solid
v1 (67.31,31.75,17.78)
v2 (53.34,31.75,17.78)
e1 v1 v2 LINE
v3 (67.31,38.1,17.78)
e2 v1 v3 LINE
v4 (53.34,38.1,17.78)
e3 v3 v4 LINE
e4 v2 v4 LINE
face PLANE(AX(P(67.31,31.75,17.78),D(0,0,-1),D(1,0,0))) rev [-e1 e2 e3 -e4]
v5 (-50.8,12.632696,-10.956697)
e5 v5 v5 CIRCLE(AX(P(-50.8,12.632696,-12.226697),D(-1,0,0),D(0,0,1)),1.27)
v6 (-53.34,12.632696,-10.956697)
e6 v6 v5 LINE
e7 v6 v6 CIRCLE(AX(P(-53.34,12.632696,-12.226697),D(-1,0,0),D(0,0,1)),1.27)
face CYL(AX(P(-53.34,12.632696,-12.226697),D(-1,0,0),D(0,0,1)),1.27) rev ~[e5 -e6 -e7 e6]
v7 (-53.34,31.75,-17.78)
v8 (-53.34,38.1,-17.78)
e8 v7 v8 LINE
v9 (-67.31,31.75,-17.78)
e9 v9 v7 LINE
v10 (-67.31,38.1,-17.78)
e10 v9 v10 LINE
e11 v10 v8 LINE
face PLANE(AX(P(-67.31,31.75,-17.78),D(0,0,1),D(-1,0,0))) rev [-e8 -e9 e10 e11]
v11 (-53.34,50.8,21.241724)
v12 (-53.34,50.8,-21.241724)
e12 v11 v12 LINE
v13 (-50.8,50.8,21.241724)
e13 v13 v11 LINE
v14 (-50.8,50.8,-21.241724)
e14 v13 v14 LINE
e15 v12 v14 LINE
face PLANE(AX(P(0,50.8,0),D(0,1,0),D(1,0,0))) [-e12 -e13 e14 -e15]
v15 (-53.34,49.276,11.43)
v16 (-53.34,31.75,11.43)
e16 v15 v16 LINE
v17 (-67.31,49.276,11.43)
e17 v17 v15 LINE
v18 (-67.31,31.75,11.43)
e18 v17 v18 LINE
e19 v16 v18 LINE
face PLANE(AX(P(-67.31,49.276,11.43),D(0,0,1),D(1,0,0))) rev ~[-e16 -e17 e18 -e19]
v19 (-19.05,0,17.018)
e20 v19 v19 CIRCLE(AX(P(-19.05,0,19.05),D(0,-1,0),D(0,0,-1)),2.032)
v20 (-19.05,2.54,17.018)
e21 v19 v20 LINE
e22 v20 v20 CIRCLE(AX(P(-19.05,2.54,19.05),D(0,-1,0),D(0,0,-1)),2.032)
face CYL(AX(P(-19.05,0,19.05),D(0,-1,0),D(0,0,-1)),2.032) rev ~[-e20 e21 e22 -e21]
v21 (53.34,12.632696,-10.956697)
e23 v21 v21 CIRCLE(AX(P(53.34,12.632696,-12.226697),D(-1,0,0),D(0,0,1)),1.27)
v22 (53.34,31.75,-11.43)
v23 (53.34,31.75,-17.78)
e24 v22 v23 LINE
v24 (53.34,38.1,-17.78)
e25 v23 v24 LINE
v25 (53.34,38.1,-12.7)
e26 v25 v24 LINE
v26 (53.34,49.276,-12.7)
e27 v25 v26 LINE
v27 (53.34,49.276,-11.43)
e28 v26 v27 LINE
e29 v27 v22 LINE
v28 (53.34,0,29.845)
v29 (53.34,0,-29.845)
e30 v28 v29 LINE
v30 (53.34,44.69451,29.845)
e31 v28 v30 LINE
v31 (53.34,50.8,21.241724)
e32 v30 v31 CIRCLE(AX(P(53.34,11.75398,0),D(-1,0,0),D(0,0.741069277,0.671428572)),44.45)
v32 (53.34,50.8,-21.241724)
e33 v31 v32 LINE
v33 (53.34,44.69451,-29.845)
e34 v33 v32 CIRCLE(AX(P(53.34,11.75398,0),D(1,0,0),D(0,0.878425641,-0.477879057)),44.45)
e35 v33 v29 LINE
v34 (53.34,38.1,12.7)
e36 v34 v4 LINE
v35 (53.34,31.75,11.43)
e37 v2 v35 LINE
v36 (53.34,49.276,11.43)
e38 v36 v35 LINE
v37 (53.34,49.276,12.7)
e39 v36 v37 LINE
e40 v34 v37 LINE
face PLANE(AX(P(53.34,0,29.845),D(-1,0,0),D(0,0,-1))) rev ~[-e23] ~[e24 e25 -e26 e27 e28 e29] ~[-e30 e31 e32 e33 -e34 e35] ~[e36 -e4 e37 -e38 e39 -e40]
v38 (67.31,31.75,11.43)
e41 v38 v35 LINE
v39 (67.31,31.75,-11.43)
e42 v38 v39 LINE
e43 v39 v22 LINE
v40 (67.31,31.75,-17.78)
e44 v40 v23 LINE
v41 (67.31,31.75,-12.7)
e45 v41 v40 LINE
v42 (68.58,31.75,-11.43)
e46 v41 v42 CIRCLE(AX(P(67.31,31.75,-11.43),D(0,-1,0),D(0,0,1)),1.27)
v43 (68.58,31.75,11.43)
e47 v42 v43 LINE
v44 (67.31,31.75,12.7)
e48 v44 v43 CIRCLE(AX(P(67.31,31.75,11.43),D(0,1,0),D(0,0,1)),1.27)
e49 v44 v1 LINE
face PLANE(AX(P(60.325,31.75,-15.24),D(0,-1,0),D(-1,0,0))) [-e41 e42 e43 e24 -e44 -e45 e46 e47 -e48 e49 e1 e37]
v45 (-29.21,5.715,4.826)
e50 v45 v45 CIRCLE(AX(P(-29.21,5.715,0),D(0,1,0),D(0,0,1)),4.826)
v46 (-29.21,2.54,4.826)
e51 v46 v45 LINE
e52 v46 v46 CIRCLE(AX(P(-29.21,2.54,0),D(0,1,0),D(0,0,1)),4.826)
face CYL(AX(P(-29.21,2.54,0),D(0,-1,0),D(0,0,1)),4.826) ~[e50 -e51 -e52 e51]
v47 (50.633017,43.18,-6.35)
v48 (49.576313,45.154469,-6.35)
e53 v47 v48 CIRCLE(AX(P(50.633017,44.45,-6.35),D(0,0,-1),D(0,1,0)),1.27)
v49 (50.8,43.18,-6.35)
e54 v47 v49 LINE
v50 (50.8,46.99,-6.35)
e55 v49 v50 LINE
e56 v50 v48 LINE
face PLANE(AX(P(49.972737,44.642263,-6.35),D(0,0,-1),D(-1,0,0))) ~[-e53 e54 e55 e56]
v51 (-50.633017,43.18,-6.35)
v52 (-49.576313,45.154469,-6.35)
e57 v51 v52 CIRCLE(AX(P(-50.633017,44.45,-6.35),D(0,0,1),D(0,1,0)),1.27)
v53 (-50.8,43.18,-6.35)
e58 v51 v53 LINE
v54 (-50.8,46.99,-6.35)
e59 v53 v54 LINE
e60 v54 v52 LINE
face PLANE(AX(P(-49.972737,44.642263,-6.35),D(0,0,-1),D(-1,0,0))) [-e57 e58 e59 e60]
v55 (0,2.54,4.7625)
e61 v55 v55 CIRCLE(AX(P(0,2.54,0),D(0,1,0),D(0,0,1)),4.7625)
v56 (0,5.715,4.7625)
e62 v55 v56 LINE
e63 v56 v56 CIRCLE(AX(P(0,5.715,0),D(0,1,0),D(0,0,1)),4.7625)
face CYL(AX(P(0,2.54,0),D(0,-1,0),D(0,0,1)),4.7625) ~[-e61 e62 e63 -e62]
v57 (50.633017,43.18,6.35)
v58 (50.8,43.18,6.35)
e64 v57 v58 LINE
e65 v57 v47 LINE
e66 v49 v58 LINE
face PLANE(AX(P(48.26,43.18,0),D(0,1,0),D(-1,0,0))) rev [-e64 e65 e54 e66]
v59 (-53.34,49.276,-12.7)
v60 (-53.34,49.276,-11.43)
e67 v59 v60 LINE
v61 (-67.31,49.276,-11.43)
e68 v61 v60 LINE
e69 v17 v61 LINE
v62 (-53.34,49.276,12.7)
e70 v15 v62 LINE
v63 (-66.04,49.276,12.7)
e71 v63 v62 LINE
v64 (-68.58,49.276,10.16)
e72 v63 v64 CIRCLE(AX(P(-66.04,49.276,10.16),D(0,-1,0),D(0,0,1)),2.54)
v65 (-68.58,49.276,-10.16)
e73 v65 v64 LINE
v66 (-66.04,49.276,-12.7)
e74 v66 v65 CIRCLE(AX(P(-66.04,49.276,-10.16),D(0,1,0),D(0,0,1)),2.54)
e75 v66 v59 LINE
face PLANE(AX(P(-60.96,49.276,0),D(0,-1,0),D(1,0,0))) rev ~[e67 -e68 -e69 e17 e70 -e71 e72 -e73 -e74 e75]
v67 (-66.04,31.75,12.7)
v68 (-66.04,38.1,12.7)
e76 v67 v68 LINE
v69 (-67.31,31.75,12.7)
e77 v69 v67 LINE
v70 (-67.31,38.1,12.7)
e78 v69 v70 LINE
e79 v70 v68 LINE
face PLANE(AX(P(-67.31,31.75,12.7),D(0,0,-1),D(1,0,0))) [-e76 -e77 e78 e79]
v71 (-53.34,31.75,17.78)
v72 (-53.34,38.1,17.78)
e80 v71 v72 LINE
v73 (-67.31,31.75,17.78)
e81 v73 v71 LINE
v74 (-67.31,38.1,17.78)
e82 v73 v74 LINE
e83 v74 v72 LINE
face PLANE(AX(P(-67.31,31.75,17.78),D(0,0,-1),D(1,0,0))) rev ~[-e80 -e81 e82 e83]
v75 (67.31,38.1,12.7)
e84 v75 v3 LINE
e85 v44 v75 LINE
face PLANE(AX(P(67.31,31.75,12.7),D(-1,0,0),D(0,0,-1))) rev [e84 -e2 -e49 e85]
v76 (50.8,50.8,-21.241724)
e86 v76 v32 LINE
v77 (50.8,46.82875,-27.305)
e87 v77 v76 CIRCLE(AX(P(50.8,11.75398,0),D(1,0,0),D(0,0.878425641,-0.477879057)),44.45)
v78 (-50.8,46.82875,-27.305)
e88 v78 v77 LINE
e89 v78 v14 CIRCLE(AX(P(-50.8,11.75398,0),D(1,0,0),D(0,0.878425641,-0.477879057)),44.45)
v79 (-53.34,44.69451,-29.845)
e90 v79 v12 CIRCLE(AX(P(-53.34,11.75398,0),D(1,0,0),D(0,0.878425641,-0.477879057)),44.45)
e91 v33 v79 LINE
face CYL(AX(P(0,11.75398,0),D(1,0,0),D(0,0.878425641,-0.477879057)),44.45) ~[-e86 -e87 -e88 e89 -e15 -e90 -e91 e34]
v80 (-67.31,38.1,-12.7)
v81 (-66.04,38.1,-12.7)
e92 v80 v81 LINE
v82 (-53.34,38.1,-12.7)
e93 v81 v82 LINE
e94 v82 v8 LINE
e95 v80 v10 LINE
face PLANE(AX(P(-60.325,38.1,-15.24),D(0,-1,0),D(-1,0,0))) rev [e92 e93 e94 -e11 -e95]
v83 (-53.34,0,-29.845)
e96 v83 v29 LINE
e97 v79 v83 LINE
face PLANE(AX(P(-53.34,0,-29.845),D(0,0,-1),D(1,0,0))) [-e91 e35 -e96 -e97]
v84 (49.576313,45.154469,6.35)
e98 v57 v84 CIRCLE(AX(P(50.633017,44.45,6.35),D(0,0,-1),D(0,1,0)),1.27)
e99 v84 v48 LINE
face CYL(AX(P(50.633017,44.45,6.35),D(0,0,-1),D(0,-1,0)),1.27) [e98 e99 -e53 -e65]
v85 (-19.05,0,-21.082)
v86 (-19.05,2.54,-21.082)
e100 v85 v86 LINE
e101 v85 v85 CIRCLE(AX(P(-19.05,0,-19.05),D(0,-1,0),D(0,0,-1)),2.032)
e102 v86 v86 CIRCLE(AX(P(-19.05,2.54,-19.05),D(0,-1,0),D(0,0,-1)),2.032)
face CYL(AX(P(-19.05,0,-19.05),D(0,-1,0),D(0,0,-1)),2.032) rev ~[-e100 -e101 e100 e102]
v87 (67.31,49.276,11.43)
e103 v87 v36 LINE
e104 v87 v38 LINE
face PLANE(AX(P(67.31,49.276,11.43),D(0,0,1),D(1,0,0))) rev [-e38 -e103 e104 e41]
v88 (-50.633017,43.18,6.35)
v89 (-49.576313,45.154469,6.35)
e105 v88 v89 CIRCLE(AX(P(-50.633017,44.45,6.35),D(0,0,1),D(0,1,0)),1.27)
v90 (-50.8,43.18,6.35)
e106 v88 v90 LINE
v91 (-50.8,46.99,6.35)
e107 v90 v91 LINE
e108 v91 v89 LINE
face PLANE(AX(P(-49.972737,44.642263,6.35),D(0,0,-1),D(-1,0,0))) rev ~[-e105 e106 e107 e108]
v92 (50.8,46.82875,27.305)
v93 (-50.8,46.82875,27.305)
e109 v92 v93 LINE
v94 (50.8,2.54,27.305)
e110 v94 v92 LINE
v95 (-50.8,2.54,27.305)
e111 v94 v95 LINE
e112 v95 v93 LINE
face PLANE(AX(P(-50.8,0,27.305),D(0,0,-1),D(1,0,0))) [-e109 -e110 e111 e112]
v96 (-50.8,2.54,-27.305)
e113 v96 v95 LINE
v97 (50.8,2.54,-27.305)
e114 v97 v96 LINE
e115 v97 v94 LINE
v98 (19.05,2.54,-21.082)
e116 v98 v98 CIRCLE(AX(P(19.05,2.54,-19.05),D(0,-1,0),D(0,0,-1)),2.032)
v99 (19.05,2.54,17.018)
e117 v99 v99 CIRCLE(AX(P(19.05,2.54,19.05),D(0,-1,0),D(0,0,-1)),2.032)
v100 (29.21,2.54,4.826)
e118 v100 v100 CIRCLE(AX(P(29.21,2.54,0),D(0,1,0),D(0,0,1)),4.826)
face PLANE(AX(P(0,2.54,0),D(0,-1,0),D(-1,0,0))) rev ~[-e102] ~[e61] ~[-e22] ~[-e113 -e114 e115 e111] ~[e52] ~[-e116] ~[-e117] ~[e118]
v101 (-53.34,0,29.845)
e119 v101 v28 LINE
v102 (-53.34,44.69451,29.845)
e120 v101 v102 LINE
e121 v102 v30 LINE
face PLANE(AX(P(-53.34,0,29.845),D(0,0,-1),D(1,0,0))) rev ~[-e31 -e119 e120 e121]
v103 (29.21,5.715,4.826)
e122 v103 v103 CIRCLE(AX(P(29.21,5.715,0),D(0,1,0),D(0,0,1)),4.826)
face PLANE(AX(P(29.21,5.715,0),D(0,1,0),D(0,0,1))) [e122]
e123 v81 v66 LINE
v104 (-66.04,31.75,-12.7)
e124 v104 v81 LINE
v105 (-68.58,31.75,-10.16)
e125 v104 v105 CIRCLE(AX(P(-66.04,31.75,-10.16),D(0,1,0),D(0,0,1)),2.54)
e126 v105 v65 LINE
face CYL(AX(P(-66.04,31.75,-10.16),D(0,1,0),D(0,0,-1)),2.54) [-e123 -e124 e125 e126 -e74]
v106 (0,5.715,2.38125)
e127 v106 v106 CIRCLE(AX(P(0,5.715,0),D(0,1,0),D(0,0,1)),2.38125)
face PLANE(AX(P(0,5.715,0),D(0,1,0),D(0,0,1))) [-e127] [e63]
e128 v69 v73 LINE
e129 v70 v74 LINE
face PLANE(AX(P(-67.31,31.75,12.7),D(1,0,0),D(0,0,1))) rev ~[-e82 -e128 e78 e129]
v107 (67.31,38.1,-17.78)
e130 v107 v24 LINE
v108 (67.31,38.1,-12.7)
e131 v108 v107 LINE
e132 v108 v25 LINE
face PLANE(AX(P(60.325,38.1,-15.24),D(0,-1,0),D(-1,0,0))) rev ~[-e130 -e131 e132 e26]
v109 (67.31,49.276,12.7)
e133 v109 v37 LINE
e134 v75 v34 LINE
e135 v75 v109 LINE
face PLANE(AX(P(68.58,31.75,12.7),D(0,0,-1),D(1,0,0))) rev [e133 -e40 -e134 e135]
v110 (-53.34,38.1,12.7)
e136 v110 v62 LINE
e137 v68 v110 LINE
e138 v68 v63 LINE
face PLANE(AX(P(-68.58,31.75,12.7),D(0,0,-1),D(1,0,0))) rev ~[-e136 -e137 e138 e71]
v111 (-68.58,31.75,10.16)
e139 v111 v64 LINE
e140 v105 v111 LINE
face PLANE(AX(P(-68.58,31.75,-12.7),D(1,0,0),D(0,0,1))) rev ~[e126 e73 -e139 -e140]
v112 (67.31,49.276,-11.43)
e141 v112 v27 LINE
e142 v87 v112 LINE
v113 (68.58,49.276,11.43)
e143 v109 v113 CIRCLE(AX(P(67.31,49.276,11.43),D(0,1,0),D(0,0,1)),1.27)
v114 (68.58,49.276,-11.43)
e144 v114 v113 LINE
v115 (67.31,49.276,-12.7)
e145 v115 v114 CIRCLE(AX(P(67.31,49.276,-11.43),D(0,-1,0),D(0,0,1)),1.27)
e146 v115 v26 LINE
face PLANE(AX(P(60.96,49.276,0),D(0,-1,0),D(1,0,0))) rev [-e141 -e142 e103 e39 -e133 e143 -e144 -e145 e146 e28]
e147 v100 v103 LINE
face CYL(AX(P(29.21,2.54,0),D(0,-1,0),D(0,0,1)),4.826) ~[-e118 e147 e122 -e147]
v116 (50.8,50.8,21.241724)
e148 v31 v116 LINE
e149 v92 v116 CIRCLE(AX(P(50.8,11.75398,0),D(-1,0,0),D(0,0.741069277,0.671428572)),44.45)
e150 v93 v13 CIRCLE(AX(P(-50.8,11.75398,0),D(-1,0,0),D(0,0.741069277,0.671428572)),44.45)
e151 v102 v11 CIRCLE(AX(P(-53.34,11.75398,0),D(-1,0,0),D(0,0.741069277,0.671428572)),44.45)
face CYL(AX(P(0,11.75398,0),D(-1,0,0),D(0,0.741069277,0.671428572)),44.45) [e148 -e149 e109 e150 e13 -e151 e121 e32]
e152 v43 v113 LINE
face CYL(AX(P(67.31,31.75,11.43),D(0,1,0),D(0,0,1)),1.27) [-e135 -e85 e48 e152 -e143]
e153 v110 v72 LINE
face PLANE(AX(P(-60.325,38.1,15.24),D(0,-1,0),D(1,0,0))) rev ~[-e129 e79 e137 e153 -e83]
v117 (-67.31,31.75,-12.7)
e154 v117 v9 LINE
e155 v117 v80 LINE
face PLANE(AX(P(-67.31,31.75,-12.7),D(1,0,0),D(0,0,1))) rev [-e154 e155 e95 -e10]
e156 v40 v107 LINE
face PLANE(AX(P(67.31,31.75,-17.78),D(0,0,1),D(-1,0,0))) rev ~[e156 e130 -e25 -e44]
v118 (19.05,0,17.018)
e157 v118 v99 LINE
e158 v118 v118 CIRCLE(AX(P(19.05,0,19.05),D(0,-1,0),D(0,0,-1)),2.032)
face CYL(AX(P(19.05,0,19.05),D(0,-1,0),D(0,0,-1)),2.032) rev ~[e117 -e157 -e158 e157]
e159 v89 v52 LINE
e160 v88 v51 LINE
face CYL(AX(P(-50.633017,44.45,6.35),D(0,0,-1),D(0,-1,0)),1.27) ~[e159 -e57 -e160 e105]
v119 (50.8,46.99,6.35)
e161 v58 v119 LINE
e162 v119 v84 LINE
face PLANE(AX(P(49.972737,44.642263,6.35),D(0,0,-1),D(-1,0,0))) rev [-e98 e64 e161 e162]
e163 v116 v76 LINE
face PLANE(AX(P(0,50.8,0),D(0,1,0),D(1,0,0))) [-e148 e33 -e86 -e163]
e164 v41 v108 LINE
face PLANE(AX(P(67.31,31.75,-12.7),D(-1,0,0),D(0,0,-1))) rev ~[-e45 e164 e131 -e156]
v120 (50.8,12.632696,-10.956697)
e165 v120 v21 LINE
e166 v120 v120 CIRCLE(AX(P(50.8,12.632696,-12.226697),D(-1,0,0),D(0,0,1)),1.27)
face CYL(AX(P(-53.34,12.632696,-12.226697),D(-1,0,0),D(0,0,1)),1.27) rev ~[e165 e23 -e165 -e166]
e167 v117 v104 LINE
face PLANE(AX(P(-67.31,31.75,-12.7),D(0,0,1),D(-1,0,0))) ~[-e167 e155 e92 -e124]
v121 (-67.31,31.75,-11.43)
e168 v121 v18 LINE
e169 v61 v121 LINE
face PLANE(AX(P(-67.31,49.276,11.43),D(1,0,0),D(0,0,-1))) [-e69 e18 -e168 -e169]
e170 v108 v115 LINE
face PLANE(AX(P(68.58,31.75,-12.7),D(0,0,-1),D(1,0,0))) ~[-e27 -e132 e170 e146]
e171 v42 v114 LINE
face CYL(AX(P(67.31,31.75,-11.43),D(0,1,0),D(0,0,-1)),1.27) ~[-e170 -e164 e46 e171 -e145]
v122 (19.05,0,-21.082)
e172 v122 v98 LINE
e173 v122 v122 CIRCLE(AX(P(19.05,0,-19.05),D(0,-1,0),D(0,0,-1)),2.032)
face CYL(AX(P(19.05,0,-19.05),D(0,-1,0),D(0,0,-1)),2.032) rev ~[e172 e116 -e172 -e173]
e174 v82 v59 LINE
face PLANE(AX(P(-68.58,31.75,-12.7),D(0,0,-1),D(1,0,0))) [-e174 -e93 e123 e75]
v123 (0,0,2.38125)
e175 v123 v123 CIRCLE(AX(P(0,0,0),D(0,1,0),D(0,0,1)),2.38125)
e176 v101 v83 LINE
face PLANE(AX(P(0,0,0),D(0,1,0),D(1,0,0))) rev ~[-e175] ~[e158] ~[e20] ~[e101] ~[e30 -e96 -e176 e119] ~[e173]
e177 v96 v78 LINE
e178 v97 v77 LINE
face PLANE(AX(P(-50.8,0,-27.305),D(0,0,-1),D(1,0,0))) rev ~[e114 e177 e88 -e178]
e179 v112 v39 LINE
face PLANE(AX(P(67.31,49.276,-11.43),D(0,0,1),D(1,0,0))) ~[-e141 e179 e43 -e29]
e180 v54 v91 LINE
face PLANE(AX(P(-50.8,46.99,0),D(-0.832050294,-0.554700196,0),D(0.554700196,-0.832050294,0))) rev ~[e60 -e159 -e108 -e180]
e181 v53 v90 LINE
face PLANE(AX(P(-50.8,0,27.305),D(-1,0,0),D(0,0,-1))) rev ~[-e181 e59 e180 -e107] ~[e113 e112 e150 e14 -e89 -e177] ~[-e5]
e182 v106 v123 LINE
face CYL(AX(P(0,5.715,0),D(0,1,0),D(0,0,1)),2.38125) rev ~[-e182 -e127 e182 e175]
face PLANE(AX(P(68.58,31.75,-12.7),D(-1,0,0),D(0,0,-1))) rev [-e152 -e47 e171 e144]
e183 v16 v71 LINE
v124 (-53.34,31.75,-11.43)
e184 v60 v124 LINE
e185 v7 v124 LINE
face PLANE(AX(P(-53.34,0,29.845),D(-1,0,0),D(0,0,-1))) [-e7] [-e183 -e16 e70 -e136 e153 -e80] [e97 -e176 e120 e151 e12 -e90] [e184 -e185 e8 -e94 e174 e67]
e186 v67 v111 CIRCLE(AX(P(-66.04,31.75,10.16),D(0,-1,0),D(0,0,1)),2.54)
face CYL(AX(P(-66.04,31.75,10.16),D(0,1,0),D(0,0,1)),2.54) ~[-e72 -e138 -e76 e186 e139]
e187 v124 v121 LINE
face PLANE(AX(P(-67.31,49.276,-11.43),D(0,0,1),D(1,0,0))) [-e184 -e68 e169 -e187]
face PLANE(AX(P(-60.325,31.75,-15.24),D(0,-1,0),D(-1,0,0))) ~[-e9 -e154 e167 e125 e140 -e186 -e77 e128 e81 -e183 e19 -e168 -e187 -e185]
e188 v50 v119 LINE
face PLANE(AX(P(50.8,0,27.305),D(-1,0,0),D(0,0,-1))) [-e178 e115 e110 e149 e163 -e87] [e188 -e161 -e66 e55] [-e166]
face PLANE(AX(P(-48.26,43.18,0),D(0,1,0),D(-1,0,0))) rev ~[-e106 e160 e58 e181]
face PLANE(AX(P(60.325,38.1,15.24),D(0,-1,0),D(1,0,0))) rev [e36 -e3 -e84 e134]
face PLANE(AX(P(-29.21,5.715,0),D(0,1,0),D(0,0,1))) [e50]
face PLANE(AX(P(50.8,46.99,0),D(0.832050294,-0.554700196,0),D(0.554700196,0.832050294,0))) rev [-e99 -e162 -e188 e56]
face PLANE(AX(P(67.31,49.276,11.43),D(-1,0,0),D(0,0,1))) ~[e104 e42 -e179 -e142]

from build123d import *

# Parameters (mm, degrees)
SKETCH1_W               = 106.68
SKETCH1_H               = 59.69
SKETCH1_W_2             = 101.6
SKETCH1_H_2             = 54.61
BOSS_EXTRUDE1_DEPTH     = 50.8
SKETCH2_W               = 106.68
SKETCH2_H               = 59.69
BOSS_EXTRUDE2_DEPTH     = 2.54
SKETCH3_R               = 2.032
CUT_EXTRUDE1_DEPTH      = 2.54
BOSS_EXTRUDE3_START     = -31.75
SKETCH5_W               = 15.24
SKETCH5_H               = 25.4
BOSS_EXTRUDE3_DEPTH     = 17.526
SKETCH6_W               = 13.97
SKETCH6_H               = 22.86
CUT_EXTRUDE2_DEPTH      = 23.114
SKETCH8_R               = 1.27
CUT_EXTRUDE3_DEPTH      = 122.833947508
FILLET3_R               = 2.54
SKETCH9_R               = 4.7625
BOSS_EXTRUDE4_DEPTH     = 3.175
SKETCH11_R              = 2.38125
CUT_EXTRUDE4_DEPTH      = 88.330393621
BOSS_EXTRUDE5_DEPTH     = 6.35
FILLET4_R               = 1.27
FILLET4_OF_MIRROR2_R    = 1.27
FILLET6_R               = 1.27
SKETCH14_W              = 13.97
SKETCH14_H              = 5.08
BOSS_EXTRUDE6_DEPTH     = 6.35
MIRROR6_COPY_1_SKETCH_W = 13.97
MIRROR6_COPY_1_SKETCH_H = 5.08
MIRROR6_COPY_1_DEPTH    = 6.35
CUT_EXTRUDE5_DEPTH      = 127
SKETCH15_R              = 4.826
BOSS_EXTRUDE7_DEPTH     = 3.175


with BuildPart() as part:
    # Sketch1 → Boss-Extrude1 (new body)
    with BuildSketch(Plane(origin=(0, 0, 0), x_dir=(1, 0, 0), z_dir=(0, 1, 0))):
        Rectangle(SKETCH1_W, SKETCH1_H)
        Rectangle(SKETCH1_W_2, SKETCH1_H_2, mode=Mode.SUBTRACT)
    extrude(amount=BOSS_EXTRUDE1_DEPTH)

    # Sketch2 → Boss-Extrude2 (add)
    with BuildSketch(Plane(origin=(0, 0, 0), x_dir=(-1, 0, 0), z_dir=(0, -1, 0))):
        Rectangle(SKETCH2_W, SKETCH2_H)
    extrude(amount=-BOSS_EXTRUDE2_DEPTH)

    # Sketch3 → Cut-Extrude1 (cut)
    with BuildSketch(Plane.XZ):
        with Locations(Location((-19.05, 19.05, 0), (0, 0, 270))):
            Circle(SKETCH3_R)
        with Locations(Location((19.05, 19.05, 0), (0, 0, 270))):
            Circle(SKETCH3_R)
        with Locations(Location((19.05, -19.05, 0), (0, 0, 270))):
            Circle(SKETCH3_R)
        with Locations(Location((-19.05, -19.05, 0), (0, 0, 270))):
            Circle(SKETCH3_R)
    extrude(amount=-CUT_EXTRUDE1_DEPTH, mode=Mode.SUBTRACT)

    # Sketch5 → Boss-Extrude3 (add)
    with BuildSketch(Plane.XZ.offset(BOSS_EXTRUDE3_START)):
        with Locations((-60.96, 0)):
            Rectangle(SKETCH5_W, SKETCH5_H)
    boss_extrude3 = extrude(amount=-BOSS_EXTRUDE3_DEPTH)

    # Sketch6 → Cut-Extrude2 (cut)
    with BuildSketch(Plane(origin=(0, 49.276, 0), x_dir=(1, 0, 0), z_dir=(0, 1, 0))):
        with Locations((-60.325, 0)):
            Rectangle(SKETCH6_W, SKETCH6_H)
    cut_extrude2 = extrude(amount=-CUT_EXTRUDE2_DEPTH, mode=Mode.SUBTRACT)

    # Sketch8 → Cut-Extrude3 (cut)
    with BuildSketch(Plane(origin=(-53.34, -47.057304482, -0.79669661), x_dir=(0, 0, 1), z_dir=(-1, 0, 0))):
        with Locations((-11.43, 59.69)):
            Circle(SKETCH8_R)
    extrude(amount=-CUT_EXTRUDE3_DEPTH, mode=Mode.SUBTRACT)

    # Fillet3
    fillet3_edges = [part.edges().sort_by_distance(p)[0] for p in [
        (-68.58, 40.513, -12.7),
        (-68.58, 40.513, 12.7),
    ]]
    fillet(fillet3_edges, radius=FILLET3_R)

    # Sketch9 → Boss-Extrude4 (add)
    with BuildSketch(Plane(origin=(0, 2.54, 0), x_dir=(1, 0, 0), z_dir=(0, 1, 0))):
        with Locations(Location((0, 0, 0), (0, 0, 270))):
            Circle(SKETCH9_R)
    extrude(amount=BOSS_EXTRUDE4_DEPTH)

    # Sketch11 → Cut-Extrude4 (cut, through all)
    with BuildSketch(Plane(origin=(0, 5.715, 0), x_dir=(1, 0, 0), z_dir=(0, 1, 0))):
        with Locations(Location((0, 0, 0), (0, 0, 270))):
            Circle(SKETCH11_R)
    extrude(amount=-CUT_EXTRUDE4_DEPTH, mode=Mode.SUBTRACT)

    # Sketch13 → Boss-Extrude5 (add, symmetric)
    with BuildSketch(Plane.XY):
        Polygon((-50.8, 46.99), (-48.26, 43.18), (-50.8, 43.18), align=None)
    boss_extrude5 = extrude(amount=BOSS_EXTRUDE5_DEPTH, both=True)

    # Fillet4
    fillet4_edges = [part.edges().sort_by_distance(p)[0] for p in [
        (-48.26, 43.18, 0),
    ]]
    fillet(fillet4_edges, radius=FILLET4_R)

    # Mirror2: Boss-Extrude5 across plane
    add(boss_extrude5.mirror(Plane(origin=(0, 0, 0), x_dir=(0, 0, 1), z_dir=(1, 0, 0))))

    # Fillet4 of Mirror2
    fillet4_of_mirror2_edges = [part.edges().sort_by_distance(p)[0] for p in [
        (48.26, 43.18, 0),
    ]]
    fillet(fillet4_of_mirror2_edges, radius=FILLET4_OF_MIRROR2_R)

    # Mirror4: Boss-Extrude3, Cut-Extrude2 across plane
    add(boss_extrude3.mirror(Plane(origin=(0, 0, 0), x_dir=(0, 0, 1), z_dir=(1, 0, 0))))
    add(cut_extrude2.mirror(Plane(origin=(0, 0, 0), x_dir=(0, 0, 1), z_dir=(1, 0, 0))), mode=Mode.SUBTRACT)

    # Fillet6
    fillet6_edges = [part.edges().sort_by_distance(p)[0] for p in [
        (68.58, 40.513, 12.7),
        (68.58, 40.513, -12.7),
    ]]
    fillet(fillet6_edges, radius=FILLET6_R)

    # Sketch14 → Boss-Extrude6 (add)
    with BuildSketch(Plane.XZ.offset(-31.75)):
        with Locations((-60.325, 15.24)):
            Rectangle(SKETCH14_W, SKETCH14_H)
    boss_extrude6 = extrude(amount=-BOSS_EXTRUDE6_DEPTH)

    # Mirror5: Boss-Extrude6 across plane
    add(boss_extrude6.mirror(Plane.XY))

    # Mirror6: Boss-Extrude6 across plane
    add(boss_extrude6.mirror(Plane(origin=(0, 0, 0), x_dir=(0, 0, 1), z_dir=(1, 0, 0))))

    # Mirror6 copy 1 sketch → Mirror6 copy 1 (add)
    with BuildSketch(Plane(origin=(0, 31.75, 0), x_dir=(-1, 0, 0), z_dir=(0, -1, 0))):
        with Locations((-60.325, 15.24)):
            Rectangle(MIRROR6_COPY_1_SKETCH_W, MIRROR6_COPY_1_SKETCH_H)
    extrude(amount=-MIRROR6_COPY_1_DEPTH)

    # Sketch12 → Cut-Extrude5 (cut, symmetric)
    with BuildSketch(Plane(origin=(0, 0, 0), x_dir=(0, 0, -1), z_dir=(1, 0, 0))):
        with BuildLine():
            Line((-29.845, 50.8), (-29.845, 44.694509634))
            ThreePointArc((-29.845, 44.694509634), (-25.725135532, 48.003392702), (-21.241724106, 50.8))
            Line((-21.241724106, 50.8), (-29.845, 50.8))
        make_face()
        with BuildLine():
            Line((29.845, 50.8), (21.241724106, 50.8))
            ThreePointArc((21.241724106, 50.8), (25.725135532, 48.003392702), (29.845, 44.694509634))
            Line((29.845, 44.694509634), (29.845, 50.8))
        make_face()
    extrude(amount=CUT_EXTRUDE5_DEPTH, both=True, mode=Mode.SUBTRACT)

    # Sketch15 → Boss-Extrude7 (add)
    with BuildSketch(Plane(origin=(0, 2.54, 0), x_dir=(1, 0, 0), z_dir=(0, 1, 0))):
        with Locations(Location((-29.21, 0, 0), (0, 0, 270))):
            Circle(SKETCH15_R)
        with Locations(Location((29.21, 0, 0), (0, 0, 270))):
            Circle(SKETCH15_R)
    extrude(amount=BOSS_EXTRUDE7_DEPTH)


solid = part.part
